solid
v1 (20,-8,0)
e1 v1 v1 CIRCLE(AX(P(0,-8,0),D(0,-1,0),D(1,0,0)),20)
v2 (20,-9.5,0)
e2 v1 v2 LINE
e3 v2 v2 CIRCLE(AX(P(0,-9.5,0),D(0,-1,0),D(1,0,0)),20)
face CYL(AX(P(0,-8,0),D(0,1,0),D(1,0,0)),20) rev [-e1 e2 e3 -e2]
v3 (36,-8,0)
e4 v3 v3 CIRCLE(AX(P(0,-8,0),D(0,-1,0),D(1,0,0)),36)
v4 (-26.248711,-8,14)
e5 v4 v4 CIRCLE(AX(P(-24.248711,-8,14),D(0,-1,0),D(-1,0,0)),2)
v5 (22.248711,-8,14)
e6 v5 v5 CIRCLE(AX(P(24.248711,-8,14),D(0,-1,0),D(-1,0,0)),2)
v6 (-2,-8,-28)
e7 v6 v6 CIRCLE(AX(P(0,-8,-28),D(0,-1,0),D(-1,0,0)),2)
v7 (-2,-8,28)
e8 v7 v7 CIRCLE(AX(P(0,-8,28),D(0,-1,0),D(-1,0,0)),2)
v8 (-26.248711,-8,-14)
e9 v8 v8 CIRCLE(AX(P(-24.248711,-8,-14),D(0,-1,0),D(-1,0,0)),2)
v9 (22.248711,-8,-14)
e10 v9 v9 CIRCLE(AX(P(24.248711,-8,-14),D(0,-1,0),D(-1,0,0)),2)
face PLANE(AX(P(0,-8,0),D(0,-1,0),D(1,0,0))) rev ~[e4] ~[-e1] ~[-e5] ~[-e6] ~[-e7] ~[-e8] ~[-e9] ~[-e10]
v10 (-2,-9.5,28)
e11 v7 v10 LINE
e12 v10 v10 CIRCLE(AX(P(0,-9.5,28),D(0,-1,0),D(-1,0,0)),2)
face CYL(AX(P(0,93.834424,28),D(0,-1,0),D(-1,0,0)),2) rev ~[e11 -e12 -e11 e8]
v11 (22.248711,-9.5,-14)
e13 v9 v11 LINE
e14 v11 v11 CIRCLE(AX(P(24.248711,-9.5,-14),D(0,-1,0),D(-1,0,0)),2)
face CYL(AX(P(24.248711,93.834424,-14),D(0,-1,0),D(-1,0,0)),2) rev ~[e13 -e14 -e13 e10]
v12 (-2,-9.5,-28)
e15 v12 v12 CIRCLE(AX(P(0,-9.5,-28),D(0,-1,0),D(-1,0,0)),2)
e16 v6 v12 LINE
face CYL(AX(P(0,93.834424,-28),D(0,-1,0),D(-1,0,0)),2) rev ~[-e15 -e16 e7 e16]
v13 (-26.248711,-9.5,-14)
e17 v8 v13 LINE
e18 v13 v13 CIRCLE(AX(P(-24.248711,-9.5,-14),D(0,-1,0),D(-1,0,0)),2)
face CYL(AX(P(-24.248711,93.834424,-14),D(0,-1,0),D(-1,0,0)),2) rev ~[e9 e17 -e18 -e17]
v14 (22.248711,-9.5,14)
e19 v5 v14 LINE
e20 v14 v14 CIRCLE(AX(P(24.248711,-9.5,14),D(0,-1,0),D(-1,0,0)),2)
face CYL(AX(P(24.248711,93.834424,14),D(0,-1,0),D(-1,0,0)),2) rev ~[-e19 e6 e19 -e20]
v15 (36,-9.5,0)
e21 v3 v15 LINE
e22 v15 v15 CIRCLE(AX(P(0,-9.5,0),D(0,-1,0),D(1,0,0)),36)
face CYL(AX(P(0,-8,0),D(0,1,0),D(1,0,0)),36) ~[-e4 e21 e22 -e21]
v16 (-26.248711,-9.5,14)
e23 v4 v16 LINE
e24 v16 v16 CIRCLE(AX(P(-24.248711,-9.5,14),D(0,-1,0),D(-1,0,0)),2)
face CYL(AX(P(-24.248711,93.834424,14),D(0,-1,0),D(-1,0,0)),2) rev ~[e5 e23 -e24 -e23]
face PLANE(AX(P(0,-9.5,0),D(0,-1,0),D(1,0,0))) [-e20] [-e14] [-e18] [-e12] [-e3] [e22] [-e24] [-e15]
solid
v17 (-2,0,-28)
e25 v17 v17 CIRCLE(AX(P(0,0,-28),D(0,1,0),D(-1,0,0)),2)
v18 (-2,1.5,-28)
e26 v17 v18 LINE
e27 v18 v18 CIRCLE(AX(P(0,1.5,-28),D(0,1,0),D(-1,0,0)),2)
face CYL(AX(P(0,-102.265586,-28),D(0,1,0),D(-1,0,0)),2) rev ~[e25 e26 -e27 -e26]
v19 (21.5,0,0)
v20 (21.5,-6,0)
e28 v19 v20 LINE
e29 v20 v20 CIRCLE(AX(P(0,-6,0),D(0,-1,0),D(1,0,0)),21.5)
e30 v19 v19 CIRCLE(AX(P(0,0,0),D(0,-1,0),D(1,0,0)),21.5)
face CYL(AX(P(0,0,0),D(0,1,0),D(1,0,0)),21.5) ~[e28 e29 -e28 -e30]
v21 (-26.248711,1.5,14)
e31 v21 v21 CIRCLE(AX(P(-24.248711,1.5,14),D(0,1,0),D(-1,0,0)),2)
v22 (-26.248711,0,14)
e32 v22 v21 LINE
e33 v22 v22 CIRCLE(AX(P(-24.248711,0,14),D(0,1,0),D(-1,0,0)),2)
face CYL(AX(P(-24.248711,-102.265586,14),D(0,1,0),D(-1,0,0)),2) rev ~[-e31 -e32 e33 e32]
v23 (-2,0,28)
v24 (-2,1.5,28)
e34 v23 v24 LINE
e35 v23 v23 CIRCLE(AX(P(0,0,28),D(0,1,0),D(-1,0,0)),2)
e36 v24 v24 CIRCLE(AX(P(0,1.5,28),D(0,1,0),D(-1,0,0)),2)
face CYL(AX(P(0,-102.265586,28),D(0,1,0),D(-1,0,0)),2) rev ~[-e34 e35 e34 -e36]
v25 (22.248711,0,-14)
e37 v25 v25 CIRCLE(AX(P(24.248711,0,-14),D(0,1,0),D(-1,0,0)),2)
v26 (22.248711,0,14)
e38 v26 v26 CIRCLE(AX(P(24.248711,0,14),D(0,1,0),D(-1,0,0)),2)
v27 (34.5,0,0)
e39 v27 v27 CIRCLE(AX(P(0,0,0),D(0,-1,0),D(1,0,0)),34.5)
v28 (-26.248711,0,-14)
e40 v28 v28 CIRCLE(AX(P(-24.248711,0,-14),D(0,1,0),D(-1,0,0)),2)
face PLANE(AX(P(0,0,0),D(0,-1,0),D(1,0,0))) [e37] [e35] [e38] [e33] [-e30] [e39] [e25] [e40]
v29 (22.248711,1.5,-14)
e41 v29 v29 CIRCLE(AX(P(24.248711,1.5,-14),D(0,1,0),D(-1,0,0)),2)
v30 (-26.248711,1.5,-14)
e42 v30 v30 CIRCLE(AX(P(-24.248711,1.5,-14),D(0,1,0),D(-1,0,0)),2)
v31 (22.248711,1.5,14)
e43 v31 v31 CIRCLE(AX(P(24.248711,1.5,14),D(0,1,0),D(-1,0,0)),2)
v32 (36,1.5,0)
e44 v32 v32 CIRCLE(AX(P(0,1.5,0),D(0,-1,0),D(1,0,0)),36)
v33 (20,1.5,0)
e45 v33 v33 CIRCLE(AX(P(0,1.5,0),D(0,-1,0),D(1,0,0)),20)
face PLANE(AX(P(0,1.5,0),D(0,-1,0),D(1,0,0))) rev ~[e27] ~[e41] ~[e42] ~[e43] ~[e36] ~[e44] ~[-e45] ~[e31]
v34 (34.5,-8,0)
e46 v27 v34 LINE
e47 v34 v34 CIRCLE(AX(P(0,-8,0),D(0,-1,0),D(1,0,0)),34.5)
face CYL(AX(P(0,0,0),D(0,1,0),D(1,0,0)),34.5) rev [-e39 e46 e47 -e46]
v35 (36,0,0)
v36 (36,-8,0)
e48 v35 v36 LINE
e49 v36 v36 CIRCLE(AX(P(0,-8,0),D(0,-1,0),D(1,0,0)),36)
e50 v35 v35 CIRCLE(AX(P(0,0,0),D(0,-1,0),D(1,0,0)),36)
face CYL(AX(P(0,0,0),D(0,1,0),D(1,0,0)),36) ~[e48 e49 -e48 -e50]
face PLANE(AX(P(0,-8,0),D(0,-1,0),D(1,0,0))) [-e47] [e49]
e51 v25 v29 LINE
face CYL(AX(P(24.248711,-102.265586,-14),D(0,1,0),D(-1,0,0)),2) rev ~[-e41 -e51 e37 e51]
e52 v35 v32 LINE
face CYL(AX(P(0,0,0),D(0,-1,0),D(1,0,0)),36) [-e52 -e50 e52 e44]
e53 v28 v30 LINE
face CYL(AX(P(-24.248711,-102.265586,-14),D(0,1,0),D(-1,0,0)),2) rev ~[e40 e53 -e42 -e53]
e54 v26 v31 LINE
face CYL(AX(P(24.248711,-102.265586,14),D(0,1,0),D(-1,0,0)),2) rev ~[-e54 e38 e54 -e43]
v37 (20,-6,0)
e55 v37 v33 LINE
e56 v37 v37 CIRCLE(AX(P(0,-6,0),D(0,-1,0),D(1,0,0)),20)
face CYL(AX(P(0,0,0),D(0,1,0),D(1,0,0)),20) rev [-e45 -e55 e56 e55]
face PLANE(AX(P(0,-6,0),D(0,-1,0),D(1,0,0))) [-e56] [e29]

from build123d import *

# Parameters (mm, degrees)
F0_R     = 36
F0_R_2   = 34.5
F0_R_3   = 21.5
F0_R_4   = 20
F1_DEPTH = 1.5
F2_DEPTH = 6
F3_DEPTH = 8
F4_D     = 4
F5_R     = 36
F5_R_2   = 34.5
F5_R_3   = 20
F6_DEPTH = 1.5
F7_D     = 4


with BuildPart() as f1:
    # F0 (on Front) → F1 (new body)
    with BuildSketch(Plane.XZ):
        Circle(F0_R)
        Circle(F0_R_2, mode=Mode.SUBTRACT)
        Circle(F0_R_2)
        Circle(F0_R_3, mode=Mode.SUBTRACT)
        Circle(F0_R_3)
        Circle(F0_R_4, mode=Mode.SUBTRACT)
    extrude(amount=-F1_DEPTH)

    # F0 (on Front) → F2 (join)
    with BuildSketch(Plane.XZ):
        Circle(F0_R_3)
        Circle(F0_R_4, mode=Mode.SUBTRACT)
    extrude(amount=F2_DEPTH)

    # F0 (on Front) → F3 (join)
    with BuildSketch(Plane.XZ):
        Circle(F0_R)
        Circle(F0_R_2, mode=Mode.SUBTRACT)
    extrude(amount=F3_DEPTH)

    # F4 (through all)
    with Locations(Plane.XZ):
        with Locations((0, 28), (24.248711306, 14), (24.248711306, -14), (0, -28), (-24.248711306, -14), (-24.248711306, 14)):
            Hole(F4_D / 2)


with BuildPart() as f6:
    # F5 (on face) → F6 (new body)
    with BuildSketch(Plane.XZ.offset(8)):
        Circle(F5_R)
        Circle(F5_R_2, mode=Mode.SUBTRACT)
        Circle(F5_R_2)
        Circle(F5_R_3, mode=Mode.SUBTRACT)
    extrude(amount=F6_DEPTH)

    # F7 (through all)
    with Locations(Plane(origin=(0, -8, 0), x_dir=(1, 0, 0), z_dir=(0, 1, 0))):
        with Locations((24.248711306, -14), (24.248711306, 14), (0, 28), (-24.248711306, 14), (-24.248711306, -14), (0, -28)):
            Hole(F7_D / 2)


solid = Compound([f1.part, f6.part])
